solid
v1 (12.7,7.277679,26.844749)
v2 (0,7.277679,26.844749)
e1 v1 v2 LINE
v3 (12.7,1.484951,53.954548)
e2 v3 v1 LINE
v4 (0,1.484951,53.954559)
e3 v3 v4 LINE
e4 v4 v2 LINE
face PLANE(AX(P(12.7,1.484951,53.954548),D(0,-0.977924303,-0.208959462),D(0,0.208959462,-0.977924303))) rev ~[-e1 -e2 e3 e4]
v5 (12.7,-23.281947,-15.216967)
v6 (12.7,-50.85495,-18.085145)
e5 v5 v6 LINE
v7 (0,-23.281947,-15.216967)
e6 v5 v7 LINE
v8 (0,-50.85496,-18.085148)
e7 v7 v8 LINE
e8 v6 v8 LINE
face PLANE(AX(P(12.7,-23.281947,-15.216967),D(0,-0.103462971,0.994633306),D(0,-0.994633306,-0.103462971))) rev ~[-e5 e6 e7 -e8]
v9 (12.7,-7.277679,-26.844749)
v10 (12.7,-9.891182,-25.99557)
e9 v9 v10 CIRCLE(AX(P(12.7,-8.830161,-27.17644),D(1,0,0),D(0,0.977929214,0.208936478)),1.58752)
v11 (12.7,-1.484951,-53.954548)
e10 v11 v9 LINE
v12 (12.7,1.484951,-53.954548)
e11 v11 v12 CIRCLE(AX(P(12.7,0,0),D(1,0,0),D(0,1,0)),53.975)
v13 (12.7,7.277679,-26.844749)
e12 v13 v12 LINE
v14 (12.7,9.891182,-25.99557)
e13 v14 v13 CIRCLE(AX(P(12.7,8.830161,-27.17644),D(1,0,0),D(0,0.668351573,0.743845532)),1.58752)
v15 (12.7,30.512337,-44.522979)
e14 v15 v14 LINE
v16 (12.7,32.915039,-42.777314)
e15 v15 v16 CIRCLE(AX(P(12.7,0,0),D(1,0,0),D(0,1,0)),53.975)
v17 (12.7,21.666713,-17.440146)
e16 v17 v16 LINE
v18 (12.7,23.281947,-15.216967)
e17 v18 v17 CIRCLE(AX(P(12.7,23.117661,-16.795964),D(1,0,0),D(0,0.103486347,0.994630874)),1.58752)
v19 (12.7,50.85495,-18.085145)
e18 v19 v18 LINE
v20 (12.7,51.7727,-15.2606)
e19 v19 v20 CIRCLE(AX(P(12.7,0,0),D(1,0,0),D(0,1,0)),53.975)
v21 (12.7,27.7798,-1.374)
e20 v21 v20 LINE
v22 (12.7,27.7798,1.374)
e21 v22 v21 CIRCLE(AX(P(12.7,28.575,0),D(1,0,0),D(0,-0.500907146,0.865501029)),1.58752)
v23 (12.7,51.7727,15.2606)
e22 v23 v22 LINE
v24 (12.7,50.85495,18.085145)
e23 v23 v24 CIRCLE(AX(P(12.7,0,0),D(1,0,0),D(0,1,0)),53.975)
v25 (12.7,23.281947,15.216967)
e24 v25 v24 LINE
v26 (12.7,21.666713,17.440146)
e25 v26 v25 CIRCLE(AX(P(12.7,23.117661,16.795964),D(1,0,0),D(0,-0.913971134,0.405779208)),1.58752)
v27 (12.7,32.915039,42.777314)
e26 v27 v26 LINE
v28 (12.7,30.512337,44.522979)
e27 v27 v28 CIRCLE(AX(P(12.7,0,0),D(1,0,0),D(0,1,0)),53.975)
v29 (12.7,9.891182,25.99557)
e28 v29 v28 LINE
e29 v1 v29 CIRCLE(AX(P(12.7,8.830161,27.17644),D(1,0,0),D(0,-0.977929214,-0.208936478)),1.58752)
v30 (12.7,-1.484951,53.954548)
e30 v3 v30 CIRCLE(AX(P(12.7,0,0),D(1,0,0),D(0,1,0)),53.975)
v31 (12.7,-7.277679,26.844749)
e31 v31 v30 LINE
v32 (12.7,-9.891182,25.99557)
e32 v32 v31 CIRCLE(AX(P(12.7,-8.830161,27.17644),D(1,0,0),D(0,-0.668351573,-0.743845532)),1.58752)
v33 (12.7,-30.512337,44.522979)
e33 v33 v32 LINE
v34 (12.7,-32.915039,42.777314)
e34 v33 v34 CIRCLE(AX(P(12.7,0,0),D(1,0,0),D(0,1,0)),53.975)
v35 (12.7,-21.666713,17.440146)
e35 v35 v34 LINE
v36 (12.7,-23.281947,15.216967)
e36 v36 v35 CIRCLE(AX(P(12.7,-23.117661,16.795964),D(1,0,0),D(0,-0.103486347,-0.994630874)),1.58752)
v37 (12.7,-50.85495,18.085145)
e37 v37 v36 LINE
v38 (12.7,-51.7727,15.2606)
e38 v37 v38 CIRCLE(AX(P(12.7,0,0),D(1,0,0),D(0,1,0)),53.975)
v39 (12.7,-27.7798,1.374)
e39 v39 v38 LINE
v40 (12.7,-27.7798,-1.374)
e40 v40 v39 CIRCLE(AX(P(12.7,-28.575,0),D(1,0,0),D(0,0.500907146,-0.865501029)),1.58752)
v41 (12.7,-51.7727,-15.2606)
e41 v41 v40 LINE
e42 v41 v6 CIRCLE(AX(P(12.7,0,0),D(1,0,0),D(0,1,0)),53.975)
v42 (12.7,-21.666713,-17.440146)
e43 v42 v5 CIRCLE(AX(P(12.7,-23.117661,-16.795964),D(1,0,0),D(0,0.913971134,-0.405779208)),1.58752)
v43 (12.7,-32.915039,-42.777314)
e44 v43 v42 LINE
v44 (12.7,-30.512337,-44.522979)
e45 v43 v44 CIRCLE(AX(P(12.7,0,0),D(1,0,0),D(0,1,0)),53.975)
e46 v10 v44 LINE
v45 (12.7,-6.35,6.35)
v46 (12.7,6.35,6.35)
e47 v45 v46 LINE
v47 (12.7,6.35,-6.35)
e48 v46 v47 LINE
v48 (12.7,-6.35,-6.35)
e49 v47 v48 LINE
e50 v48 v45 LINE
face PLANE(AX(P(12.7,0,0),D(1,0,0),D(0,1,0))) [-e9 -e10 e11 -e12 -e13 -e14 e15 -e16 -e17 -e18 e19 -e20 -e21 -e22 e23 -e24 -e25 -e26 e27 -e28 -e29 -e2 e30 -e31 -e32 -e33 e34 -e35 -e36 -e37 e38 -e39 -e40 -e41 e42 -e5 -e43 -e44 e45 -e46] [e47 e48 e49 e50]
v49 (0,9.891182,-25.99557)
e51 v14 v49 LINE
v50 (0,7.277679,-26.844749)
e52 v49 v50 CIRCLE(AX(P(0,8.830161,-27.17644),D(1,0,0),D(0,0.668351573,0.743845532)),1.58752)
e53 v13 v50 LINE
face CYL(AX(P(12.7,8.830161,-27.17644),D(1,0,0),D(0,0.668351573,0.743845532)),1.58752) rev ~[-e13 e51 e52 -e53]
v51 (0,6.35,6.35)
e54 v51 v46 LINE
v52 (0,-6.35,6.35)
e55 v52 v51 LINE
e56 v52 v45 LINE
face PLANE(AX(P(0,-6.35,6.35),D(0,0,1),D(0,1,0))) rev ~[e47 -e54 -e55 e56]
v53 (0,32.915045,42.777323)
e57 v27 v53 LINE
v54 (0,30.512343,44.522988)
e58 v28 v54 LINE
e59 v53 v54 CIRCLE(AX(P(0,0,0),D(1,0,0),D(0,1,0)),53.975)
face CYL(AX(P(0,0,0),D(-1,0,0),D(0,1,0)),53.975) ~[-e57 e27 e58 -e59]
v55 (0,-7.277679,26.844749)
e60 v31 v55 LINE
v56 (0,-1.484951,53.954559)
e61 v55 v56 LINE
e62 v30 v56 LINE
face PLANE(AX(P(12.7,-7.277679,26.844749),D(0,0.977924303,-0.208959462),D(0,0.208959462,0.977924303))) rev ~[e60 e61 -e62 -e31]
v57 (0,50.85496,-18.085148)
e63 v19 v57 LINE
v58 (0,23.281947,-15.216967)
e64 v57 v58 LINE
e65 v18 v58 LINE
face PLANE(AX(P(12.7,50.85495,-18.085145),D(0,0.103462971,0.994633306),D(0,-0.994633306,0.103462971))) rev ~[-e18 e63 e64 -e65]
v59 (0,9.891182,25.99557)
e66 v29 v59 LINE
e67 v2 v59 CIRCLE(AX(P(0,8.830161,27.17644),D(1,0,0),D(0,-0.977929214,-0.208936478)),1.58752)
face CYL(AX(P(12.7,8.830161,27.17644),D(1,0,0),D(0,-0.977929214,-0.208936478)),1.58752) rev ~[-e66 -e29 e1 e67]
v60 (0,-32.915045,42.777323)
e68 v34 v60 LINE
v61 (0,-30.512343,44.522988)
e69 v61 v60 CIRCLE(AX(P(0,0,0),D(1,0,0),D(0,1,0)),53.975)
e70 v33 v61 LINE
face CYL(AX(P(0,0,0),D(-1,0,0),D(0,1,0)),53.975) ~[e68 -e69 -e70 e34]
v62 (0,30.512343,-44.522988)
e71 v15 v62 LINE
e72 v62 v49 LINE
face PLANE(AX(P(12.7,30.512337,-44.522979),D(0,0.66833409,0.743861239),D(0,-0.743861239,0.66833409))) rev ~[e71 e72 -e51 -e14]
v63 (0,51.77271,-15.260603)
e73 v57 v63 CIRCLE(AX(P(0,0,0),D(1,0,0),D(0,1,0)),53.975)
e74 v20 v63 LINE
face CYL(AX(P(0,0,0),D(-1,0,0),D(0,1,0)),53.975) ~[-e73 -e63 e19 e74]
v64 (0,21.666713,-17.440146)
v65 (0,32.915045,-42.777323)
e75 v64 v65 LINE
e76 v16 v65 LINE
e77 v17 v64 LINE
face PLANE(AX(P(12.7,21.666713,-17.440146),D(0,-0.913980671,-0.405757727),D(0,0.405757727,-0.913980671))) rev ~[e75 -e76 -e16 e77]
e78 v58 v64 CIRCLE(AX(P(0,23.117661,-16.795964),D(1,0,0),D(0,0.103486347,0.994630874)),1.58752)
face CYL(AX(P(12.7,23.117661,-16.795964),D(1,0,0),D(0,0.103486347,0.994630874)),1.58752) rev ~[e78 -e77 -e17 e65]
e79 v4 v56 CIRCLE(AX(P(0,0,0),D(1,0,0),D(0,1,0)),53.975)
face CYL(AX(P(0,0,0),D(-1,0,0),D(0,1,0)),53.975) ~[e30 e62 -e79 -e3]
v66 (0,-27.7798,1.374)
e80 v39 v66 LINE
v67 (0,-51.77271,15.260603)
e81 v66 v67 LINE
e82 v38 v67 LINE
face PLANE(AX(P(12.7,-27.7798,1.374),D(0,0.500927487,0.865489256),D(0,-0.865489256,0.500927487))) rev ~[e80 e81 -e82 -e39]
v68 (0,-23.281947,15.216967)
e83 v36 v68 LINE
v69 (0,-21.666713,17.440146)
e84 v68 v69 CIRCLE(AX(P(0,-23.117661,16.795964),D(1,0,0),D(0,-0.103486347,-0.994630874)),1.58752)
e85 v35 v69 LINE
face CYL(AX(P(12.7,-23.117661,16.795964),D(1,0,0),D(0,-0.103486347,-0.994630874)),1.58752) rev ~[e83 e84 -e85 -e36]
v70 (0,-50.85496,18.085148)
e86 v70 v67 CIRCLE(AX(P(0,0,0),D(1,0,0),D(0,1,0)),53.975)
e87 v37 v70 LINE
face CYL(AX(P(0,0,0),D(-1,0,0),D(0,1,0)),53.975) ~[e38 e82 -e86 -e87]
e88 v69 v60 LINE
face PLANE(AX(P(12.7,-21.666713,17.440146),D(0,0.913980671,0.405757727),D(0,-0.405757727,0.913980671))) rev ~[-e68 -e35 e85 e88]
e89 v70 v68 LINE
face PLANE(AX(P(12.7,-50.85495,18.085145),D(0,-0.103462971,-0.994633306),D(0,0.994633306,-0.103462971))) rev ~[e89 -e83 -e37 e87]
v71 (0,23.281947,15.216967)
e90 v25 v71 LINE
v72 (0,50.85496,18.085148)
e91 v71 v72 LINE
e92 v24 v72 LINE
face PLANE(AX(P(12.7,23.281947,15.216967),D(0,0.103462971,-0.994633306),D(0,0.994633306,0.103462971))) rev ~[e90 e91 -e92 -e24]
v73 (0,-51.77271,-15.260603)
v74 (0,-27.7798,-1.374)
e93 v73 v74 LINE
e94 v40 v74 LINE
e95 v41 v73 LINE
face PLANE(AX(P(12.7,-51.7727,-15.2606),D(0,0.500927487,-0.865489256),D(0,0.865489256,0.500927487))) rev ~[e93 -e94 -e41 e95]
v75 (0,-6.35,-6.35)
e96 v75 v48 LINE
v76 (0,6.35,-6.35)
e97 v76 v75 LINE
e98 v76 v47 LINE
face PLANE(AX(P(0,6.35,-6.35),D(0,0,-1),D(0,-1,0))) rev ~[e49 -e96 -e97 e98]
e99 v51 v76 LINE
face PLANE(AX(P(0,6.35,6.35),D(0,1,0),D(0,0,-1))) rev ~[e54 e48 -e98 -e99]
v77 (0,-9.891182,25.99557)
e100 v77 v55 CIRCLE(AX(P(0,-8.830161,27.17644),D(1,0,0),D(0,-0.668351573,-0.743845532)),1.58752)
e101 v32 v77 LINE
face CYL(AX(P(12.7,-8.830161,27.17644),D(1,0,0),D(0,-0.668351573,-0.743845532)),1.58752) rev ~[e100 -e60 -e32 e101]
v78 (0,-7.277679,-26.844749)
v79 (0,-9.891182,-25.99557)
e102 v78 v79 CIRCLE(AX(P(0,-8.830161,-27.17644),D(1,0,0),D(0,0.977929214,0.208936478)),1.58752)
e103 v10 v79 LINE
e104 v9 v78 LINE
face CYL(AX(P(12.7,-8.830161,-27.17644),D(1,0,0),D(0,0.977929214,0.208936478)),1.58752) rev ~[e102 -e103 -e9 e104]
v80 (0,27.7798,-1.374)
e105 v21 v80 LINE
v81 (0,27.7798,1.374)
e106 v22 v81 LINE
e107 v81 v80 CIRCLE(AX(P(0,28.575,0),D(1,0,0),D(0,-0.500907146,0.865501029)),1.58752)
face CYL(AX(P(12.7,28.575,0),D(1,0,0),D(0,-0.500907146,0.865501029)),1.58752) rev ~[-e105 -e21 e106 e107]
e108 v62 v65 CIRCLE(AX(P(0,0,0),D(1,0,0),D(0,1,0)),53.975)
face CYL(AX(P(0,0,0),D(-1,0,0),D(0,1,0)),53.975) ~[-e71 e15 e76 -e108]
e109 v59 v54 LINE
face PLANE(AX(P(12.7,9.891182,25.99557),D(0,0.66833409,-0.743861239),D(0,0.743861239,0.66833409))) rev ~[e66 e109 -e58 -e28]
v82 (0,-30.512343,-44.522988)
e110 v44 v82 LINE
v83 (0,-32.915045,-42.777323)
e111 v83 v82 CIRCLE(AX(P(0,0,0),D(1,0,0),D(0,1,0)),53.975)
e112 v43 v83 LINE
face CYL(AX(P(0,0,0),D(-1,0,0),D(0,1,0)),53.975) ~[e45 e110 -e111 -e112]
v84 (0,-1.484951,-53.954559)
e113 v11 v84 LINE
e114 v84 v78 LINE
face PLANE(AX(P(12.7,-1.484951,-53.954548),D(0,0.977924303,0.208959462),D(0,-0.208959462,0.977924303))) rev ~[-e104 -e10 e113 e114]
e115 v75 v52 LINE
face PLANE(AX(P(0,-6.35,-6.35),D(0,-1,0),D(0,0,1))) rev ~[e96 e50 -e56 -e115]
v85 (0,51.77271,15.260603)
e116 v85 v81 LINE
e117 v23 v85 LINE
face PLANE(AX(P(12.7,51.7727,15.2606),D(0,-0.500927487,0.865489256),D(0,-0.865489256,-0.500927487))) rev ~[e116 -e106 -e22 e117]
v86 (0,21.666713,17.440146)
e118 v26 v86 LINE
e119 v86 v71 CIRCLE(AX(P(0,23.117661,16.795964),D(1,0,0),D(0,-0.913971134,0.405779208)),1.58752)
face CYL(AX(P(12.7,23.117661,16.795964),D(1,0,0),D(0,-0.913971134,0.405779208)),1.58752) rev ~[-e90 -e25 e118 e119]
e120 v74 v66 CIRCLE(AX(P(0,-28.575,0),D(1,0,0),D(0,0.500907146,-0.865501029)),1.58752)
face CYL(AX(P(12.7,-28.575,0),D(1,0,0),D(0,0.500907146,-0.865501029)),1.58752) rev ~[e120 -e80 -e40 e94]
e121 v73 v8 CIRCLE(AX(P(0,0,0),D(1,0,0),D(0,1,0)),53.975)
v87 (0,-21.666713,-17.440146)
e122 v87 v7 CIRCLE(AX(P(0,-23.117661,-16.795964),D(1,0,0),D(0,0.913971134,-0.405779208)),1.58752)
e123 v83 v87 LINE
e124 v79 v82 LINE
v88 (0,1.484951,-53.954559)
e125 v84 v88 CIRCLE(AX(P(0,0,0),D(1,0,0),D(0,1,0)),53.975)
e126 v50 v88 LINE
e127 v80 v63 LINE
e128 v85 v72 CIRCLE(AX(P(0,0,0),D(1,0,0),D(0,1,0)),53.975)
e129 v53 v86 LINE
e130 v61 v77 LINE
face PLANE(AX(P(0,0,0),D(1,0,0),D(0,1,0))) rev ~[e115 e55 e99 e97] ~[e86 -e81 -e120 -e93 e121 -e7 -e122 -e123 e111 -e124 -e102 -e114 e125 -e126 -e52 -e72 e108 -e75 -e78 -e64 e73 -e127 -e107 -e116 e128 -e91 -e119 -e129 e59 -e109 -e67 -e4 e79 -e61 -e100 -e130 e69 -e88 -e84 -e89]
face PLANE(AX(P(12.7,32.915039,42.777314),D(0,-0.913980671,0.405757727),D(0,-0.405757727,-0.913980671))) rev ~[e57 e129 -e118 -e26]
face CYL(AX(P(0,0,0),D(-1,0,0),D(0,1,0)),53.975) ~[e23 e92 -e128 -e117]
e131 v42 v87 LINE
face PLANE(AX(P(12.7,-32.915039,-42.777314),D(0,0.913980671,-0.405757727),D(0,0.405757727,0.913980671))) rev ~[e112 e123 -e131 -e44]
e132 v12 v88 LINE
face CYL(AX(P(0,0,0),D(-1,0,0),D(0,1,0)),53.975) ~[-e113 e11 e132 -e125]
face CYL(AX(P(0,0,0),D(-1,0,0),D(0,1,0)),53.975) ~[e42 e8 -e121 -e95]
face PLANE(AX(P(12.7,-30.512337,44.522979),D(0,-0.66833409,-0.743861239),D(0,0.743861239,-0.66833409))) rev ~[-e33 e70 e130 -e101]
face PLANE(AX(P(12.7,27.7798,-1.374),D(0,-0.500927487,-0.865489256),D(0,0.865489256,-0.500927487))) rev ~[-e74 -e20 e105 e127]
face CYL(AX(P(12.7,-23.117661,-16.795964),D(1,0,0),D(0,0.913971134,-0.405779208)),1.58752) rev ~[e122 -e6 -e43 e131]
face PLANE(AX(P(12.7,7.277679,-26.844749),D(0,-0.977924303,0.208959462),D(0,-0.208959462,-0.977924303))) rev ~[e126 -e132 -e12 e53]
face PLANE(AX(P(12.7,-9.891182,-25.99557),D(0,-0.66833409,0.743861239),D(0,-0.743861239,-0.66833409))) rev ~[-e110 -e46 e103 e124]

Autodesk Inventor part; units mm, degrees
ref_plane "YZ Plane" through (0, 0, 0) normal (1, 0, 0) x (0, 1, 0)
ref_plane "XZ Plane" through (0, 0, 0) normal (0, 1, 0) x (-1, 0, 0)
ref_plane "XY Plane" through (0, 0, 0) normal (0, 0, 1) x (1, 0, 0)
sketch "Sketch1" plane through (0, 0, 0) normal (1, 0, 0) x (0, 1, 0)
  circle A0 centre (0, 0) radius 53.975
  line L0 (-6.35, 6.35) -> (6.35, 6.35)
  line L1 (6.35, 6.35) -> (6.35, -6.35)
  line L2 (6.35, -6.35) -> (-6.35, -6.35)
  line L3 (-6.35, -6.35) -> (-6.35, 6.35)
  line L4 (-6.35, 6.35) -> (0, 0) construction
  line L5 (0, 0) -> (6.35, 6.35) construction
  line L6 (-6.35, -6.35) -> (0, 0) construction
  line L7 (0, 0) -> (6.35, -6.35) construction
  dimension "d0" = 107.95
  dimension "d1" = 12.7
extrude "Extrusion1" add sketch "Sketch1" along normal blind 12.7
sketch "Sketch2" plane through (12.7, 0, 0) normal (1, 0, 0) x (0, 0, -1)
  circle A0 centre (0, 0) radius 53.975 projected
  line L0 (0, 0) -> (0, 53.975) construction
  line L1 (0, 53.975) -> (-15.2606, 51.7727) construction
  line L2 (0, 53.975) -> (15.2606, 51.7727) construction
  line L3 (15.2606, 51.7727) -> (0, 0) construction
  line L4 (0, 0) -> (-15.2606, 51.7727) construction
  arc A1 (15.2606, 51.7727) -> (-15.2606, 51.7727) centre (0, 0) ccw construction
  line L5 (-15.2606, 51.7727) -> (-1.374, 27.7798)
  line L6 (1.374, 27.7798) -> (15.2606, 51.7727)
  arc A2 (-1.374, 27.7798) -> (1.374, 27.7798) centre (0, 28.575) ccw
  dimension "d4" = 32.847
  dimension "d11" = 1.5875
  dimension "d12" = 25.4
extrude "Extrusion3" cut sketch "Sketch2" against normal through all contours L6 A2 L5 A0 picked at (-7.2613, 44.4271)
pattern_circular "Circular Pattern2" count 10 over 360 about axis through (0, 0, 0) along (1, 0, 0) of "Extrusion3"
properties part number "IntakeRoller" material "Silicone"
